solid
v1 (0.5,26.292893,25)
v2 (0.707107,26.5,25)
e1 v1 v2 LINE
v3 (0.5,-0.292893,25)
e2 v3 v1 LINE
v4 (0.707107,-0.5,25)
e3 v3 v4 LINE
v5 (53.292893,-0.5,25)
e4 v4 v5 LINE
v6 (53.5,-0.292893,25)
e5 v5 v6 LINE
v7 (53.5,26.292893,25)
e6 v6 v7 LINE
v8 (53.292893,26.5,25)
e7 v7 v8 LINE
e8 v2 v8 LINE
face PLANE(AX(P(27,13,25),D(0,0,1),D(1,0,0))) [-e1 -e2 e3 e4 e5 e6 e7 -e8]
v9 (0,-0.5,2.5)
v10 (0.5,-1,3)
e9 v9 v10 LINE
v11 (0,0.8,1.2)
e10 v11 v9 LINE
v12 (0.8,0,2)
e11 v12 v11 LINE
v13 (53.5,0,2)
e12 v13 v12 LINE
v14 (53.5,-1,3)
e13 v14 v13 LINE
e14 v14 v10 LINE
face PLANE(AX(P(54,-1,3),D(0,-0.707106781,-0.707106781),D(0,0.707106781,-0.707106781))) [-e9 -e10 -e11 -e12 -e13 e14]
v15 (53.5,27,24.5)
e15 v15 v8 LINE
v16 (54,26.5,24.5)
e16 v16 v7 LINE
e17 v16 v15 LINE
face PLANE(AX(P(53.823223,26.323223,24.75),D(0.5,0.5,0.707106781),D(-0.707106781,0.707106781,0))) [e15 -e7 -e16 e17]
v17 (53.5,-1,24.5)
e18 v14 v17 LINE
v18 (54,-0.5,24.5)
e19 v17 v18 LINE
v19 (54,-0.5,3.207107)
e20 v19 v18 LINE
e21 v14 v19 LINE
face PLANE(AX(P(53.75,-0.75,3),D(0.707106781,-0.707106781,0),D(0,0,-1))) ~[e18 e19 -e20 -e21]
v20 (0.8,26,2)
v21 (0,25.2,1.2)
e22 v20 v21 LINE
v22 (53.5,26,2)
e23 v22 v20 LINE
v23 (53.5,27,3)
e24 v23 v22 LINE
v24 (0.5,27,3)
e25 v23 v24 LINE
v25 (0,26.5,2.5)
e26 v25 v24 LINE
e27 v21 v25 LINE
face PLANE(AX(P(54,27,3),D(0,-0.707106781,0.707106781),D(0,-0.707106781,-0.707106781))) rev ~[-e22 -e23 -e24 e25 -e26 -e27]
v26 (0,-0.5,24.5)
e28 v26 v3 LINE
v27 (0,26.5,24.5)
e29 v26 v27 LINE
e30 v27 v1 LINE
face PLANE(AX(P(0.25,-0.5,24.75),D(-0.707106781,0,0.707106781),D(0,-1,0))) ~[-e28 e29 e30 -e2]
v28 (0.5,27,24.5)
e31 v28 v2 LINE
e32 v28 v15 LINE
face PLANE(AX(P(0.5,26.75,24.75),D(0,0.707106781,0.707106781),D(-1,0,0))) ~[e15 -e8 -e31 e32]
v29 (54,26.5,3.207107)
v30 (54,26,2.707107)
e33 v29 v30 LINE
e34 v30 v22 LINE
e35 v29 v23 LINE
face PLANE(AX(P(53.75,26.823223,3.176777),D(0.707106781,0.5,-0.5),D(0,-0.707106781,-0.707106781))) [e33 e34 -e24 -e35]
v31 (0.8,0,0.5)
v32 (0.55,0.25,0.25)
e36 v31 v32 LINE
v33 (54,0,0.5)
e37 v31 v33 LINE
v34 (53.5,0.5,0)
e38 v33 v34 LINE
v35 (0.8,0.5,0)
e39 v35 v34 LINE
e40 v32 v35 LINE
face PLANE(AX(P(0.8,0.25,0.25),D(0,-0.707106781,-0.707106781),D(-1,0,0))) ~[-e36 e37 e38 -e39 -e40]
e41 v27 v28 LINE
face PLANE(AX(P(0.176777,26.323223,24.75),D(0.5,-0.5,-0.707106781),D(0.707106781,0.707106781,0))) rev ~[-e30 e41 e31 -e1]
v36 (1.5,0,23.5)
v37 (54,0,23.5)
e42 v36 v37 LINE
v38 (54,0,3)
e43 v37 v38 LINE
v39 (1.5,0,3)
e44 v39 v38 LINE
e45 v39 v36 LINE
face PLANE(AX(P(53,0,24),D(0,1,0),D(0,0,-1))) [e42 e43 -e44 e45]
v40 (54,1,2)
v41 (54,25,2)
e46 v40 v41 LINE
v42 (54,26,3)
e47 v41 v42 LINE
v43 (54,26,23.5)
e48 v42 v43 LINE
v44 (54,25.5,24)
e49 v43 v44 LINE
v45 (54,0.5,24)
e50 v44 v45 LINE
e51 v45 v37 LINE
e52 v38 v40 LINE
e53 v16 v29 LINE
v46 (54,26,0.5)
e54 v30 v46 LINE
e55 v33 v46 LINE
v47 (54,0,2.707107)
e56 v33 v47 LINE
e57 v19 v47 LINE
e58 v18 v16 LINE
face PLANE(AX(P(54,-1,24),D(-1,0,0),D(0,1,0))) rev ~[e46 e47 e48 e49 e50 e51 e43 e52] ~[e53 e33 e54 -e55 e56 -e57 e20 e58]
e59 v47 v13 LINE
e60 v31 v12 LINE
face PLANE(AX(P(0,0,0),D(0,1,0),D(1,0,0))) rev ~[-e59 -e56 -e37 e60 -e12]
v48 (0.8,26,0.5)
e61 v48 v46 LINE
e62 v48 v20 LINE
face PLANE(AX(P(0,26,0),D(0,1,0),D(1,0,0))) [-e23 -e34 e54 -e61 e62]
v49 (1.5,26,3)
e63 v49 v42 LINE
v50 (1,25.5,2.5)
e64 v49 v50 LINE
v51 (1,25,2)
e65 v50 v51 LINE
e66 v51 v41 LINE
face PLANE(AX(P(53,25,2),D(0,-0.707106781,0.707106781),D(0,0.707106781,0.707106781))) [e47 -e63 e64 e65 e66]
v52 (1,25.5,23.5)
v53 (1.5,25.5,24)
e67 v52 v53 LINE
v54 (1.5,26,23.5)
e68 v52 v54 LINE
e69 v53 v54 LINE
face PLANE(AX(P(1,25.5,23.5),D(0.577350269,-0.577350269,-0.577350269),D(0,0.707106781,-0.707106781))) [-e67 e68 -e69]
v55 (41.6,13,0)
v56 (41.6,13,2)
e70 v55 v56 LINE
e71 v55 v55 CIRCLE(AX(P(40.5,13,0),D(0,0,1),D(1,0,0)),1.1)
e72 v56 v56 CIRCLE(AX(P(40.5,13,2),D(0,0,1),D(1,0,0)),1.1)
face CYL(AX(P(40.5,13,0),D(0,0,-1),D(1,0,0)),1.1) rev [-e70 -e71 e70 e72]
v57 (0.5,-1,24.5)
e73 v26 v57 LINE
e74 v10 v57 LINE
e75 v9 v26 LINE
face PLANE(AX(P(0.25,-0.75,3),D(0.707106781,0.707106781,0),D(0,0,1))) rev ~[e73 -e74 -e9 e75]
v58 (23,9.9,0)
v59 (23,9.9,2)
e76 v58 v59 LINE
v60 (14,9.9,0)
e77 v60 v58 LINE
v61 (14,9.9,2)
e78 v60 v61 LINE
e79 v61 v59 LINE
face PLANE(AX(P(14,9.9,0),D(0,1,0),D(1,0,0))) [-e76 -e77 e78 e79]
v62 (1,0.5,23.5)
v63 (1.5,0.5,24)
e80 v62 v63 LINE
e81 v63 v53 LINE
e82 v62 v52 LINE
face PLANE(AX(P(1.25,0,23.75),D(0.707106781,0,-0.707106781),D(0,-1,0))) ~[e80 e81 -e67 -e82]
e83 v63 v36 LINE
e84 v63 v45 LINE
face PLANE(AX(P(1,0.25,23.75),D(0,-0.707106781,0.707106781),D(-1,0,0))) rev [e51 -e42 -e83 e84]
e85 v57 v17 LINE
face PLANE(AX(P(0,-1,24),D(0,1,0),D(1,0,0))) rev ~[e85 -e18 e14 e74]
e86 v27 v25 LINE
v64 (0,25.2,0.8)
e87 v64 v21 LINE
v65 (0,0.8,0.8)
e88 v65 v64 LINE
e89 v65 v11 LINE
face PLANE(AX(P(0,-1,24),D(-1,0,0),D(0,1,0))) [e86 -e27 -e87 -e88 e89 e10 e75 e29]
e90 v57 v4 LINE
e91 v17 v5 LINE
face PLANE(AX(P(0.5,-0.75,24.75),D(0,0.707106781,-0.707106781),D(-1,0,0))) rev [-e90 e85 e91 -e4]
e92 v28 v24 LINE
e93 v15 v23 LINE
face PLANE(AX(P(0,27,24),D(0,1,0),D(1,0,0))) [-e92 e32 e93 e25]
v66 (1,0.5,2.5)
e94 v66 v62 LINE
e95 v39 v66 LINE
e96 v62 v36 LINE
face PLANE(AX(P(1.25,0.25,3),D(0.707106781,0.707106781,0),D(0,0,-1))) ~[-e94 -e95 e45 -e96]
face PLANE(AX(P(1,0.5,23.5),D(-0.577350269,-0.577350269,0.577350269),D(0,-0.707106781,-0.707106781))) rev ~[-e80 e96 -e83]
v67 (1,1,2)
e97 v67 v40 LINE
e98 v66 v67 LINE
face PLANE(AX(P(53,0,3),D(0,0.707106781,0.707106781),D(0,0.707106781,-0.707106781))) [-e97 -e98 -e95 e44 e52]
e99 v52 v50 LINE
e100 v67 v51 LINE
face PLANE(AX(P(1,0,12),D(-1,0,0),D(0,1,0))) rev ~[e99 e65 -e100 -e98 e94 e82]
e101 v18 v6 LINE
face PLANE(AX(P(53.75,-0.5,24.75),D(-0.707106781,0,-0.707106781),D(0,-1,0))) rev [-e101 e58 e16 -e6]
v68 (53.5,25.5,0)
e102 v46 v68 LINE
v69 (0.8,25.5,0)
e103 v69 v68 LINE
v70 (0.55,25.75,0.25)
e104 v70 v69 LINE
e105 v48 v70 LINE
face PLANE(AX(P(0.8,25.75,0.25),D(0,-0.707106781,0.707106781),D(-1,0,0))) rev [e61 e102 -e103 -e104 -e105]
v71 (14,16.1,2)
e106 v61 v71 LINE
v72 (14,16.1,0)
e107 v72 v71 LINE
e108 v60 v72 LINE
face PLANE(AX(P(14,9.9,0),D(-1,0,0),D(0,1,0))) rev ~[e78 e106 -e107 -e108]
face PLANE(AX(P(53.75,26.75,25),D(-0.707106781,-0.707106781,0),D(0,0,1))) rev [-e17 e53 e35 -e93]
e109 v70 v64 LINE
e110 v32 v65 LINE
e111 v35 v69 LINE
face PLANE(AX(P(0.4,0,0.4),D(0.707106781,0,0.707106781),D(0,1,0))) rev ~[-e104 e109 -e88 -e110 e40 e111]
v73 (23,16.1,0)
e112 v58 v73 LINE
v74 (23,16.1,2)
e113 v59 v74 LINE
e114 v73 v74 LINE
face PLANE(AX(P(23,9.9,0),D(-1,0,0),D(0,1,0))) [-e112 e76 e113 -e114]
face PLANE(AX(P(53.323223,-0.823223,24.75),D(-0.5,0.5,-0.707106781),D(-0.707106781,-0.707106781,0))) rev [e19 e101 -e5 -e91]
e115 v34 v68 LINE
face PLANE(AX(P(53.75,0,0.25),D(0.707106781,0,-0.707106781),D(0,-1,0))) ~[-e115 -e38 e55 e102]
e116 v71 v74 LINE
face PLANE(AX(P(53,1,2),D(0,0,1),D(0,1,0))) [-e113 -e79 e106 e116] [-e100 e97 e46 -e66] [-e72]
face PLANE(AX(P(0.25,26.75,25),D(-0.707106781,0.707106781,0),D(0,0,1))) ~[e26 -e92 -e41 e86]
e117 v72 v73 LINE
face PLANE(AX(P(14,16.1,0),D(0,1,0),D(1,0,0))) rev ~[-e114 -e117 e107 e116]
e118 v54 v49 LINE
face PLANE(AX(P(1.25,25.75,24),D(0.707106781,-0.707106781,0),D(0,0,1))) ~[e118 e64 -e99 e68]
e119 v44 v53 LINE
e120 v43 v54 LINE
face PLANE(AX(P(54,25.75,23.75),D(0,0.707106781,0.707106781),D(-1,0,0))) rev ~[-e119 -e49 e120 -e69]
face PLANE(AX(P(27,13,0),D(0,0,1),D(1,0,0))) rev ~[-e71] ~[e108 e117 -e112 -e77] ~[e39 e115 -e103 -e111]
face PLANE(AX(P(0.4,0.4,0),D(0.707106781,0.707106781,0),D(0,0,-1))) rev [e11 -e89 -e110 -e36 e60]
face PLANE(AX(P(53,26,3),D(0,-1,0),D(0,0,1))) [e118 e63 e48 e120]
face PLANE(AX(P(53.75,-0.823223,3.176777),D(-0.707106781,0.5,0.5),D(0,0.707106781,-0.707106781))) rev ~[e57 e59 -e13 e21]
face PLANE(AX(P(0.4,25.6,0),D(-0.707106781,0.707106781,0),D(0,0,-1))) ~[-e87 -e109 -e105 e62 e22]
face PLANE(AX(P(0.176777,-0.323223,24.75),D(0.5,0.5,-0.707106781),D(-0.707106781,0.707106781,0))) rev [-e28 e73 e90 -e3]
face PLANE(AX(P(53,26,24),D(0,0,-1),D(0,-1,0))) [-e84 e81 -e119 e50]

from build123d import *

# Parameters (mm, degrees)
SKETCH_W        = 54
SKETCH_H        = 26
SKETCH_R        = 1.1
SKETCH_W_2      = 9
SKETCH_H_2      = 6.2
PAD_DEPTH       = 2
SKETCH001_W     = 54
SKETCH001_H     = 28
SKETCH001_W_2   = 52
SKETCH001_H_2   = 26
PAD001_DEPTH    = 10
PAD002_DEPTH    = 52
POCKET_DEPTH    = 54.001
SKETCH004_W     = 54
SKETCH004_H     = 28
SKETCH004_W_2   = 52
SKETCH004_H_2   = 26
PAD003_DEPTH    = 12
SKETCH005_W     = 54
SKETCH005_H     = 28
PAD004_DEPTH    = 1
POCKET001_DEPTH = 5
CHAMFER_SIZE    = 0.5
CHAMFER001_SIZE = 0.5
CHAMFER002_SIZE = 0.5
CHAMFER003_SIZE = 0.8
CHAMFER004_SIZE = 0.5


with BuildPart() as part:
    # Sketch → Pad (new body)
    with BuildSketch(Plane.XY):
        with Locations((27, 13)):
            Rectangle(SKETCH_W, SKETCH_H)
        with Locations((40.5, 13)):
            Circle(SKETCH_R, mode=Mode.SUBTRACT)
        with Locations((18.5, 13)):
            Rectangle(SKETCH_W_2, SKETCH_H_2, mode=Mode.SUBTRACT)
    extrude(amount=PAD_DEPTH)

    # Sketch001 (on Face11 of Pad) → Pad001 (join)
    with BuildSketch(Plane.XY.offset(2)):
        with Locations((27, 13)):
            Rectangle(SKETCH001_W, SKETCH001_H)
        with Locations((27, 13)):
            Rectangle(SKETCH001_W_2, SKETCH001_H_2, mode=Mode.SUBTRACT)
    extrude(amount=PAD001_DEPTH)

    # Sketch002 (on Face22 of Pad001) → Pad002 (join)
    with BuildSketch(Plane.YZ.offset(1)):
        Polygon((0, 2), (0, 3), (1, 2), align=None)
        Polygon((26, 2), (26, 3), (25, 2), align=None)
    extrude(amount=PAD002_DEPTH)

    # Sketch003 (on Face8 of Pad002) → Pocket (cut, through all)
    with BuildSketch(Plane.YZ.offset(54)):
        Polygon((-1, 2), (-1, 3), (0, 2), align=None)
        Polygon((27, 2), (27, 3), (26, 2), align=None)
    extrude(amount=-POCKET_DEPTH, mode=Mode.SUBTRACT)

    # Sketch004 (on Face17 of Pocket) → Pad003 (join)
    with BuildSketch(Plane.XY.offset(12)):
        with Locations((27, 13)):
            Rectangle(SKETCH004_W, SKETCH004_H)
        with Locations((27, 13)):
            Rectangle(SKETCH004_W_2, SKETCH004_H_2, mode=Mode.SUBTRACT)
    extrude(amount=PAD003_DEPTH)

    # Sketch005 (on Face22 of Pad003) → Pad004 (join)
    with BuildSketch(Plane.XY.offset(24)):
        with Locations((27, 13)):
            Rectangle(SKETCH005_W, SKETCH005_H)
    extrude(amount=PAD004_DEPTH)

    # Sketch006 (on Face26 of Pad004) → Pocket001 (cut)
    with BuildSketch(Plane(origin=(53, 0, 0), x_dir=(0, -1, 0), z_dir=(-1, 0, 0))):
        Polygon((-26, 24), (0, 24), (0, 3), (-1, 2), (-25, 2), (-26, 3), align=None)
    extrude(amount=-POCKET001_DEPTH, mode=Mode.SUBTRACT)

    # Chamfer
    chamfer_edges = [part.edges().sort_by_distance(p)[0] for p in [
        (54, -1, 24.5),
        (54, -1, 18),
        (54, -1, 7.5),
        (54, 27, 24.5),
        (54, 27, 18),
        (54, 27, 7.5),
        (54, -0.5, 2.5),
        (54, 26.5, 2.5),
        (0, 27, 7.5),
        (0, 27, 18),
        (0, 27, 24.5),
        (0, -1, 7.5),
        (0, -1, 18),
        (0, -1, 24.5),
    ]]
    chamfer(chamfer_edges, length=CHAMFER_SIZE)

    # Chamfer001
    chamfer001_edges = [part.edges().sort_by_distance(p)[0] for p in [
        (27, 27, 25),
        (0.25, 26.75, 25),
        (0, 13, 25),
        (0.25, -0.75, 25),
        (27, -1, 25),
        (53.75, -0.75, 25),
        (54, 13, 25),
        (53.75, 26.75, 25),
    ]]
    chamfer(chamfer001_edges, length=CHAMFER001_SIZE)

    # Chamfer002
    chamfer002_edges = [part.edges().sort_by_distance(p)[0] for p in [
        (27, 0, 24),
        (27, 26, 24),
        (1, 13, 24),
        (1, 26, 18),
        (1, 26, 7.5),
        (1, 0, 7.5),
        (1, 0, 18),
    ]]
    chamfer(chamfer002_edges, length=CHAMFER002_SIZE)

    # Chamfer003
    chamfer003_edges = [part.edges().sort_by_distance(p)[0] for p in [
        (0, 0, 1),
        (0, 13, 0),
        (0, 26, 1),
    ]]
    chamfer(chamfer003_edges, length=CHAMFER003_SIZE)

    # Chamfer004
    chamfer004_edges = [part.edges().sort_by_distance(p)[0] for p in [
        (27.4, 0, 0),
        (54, 13, 0),
        (27.4, 26, 0),
    ]]
    chamfer(chamfer004_edges, length=CHAMFER004_SIZE)


solid = part.part
